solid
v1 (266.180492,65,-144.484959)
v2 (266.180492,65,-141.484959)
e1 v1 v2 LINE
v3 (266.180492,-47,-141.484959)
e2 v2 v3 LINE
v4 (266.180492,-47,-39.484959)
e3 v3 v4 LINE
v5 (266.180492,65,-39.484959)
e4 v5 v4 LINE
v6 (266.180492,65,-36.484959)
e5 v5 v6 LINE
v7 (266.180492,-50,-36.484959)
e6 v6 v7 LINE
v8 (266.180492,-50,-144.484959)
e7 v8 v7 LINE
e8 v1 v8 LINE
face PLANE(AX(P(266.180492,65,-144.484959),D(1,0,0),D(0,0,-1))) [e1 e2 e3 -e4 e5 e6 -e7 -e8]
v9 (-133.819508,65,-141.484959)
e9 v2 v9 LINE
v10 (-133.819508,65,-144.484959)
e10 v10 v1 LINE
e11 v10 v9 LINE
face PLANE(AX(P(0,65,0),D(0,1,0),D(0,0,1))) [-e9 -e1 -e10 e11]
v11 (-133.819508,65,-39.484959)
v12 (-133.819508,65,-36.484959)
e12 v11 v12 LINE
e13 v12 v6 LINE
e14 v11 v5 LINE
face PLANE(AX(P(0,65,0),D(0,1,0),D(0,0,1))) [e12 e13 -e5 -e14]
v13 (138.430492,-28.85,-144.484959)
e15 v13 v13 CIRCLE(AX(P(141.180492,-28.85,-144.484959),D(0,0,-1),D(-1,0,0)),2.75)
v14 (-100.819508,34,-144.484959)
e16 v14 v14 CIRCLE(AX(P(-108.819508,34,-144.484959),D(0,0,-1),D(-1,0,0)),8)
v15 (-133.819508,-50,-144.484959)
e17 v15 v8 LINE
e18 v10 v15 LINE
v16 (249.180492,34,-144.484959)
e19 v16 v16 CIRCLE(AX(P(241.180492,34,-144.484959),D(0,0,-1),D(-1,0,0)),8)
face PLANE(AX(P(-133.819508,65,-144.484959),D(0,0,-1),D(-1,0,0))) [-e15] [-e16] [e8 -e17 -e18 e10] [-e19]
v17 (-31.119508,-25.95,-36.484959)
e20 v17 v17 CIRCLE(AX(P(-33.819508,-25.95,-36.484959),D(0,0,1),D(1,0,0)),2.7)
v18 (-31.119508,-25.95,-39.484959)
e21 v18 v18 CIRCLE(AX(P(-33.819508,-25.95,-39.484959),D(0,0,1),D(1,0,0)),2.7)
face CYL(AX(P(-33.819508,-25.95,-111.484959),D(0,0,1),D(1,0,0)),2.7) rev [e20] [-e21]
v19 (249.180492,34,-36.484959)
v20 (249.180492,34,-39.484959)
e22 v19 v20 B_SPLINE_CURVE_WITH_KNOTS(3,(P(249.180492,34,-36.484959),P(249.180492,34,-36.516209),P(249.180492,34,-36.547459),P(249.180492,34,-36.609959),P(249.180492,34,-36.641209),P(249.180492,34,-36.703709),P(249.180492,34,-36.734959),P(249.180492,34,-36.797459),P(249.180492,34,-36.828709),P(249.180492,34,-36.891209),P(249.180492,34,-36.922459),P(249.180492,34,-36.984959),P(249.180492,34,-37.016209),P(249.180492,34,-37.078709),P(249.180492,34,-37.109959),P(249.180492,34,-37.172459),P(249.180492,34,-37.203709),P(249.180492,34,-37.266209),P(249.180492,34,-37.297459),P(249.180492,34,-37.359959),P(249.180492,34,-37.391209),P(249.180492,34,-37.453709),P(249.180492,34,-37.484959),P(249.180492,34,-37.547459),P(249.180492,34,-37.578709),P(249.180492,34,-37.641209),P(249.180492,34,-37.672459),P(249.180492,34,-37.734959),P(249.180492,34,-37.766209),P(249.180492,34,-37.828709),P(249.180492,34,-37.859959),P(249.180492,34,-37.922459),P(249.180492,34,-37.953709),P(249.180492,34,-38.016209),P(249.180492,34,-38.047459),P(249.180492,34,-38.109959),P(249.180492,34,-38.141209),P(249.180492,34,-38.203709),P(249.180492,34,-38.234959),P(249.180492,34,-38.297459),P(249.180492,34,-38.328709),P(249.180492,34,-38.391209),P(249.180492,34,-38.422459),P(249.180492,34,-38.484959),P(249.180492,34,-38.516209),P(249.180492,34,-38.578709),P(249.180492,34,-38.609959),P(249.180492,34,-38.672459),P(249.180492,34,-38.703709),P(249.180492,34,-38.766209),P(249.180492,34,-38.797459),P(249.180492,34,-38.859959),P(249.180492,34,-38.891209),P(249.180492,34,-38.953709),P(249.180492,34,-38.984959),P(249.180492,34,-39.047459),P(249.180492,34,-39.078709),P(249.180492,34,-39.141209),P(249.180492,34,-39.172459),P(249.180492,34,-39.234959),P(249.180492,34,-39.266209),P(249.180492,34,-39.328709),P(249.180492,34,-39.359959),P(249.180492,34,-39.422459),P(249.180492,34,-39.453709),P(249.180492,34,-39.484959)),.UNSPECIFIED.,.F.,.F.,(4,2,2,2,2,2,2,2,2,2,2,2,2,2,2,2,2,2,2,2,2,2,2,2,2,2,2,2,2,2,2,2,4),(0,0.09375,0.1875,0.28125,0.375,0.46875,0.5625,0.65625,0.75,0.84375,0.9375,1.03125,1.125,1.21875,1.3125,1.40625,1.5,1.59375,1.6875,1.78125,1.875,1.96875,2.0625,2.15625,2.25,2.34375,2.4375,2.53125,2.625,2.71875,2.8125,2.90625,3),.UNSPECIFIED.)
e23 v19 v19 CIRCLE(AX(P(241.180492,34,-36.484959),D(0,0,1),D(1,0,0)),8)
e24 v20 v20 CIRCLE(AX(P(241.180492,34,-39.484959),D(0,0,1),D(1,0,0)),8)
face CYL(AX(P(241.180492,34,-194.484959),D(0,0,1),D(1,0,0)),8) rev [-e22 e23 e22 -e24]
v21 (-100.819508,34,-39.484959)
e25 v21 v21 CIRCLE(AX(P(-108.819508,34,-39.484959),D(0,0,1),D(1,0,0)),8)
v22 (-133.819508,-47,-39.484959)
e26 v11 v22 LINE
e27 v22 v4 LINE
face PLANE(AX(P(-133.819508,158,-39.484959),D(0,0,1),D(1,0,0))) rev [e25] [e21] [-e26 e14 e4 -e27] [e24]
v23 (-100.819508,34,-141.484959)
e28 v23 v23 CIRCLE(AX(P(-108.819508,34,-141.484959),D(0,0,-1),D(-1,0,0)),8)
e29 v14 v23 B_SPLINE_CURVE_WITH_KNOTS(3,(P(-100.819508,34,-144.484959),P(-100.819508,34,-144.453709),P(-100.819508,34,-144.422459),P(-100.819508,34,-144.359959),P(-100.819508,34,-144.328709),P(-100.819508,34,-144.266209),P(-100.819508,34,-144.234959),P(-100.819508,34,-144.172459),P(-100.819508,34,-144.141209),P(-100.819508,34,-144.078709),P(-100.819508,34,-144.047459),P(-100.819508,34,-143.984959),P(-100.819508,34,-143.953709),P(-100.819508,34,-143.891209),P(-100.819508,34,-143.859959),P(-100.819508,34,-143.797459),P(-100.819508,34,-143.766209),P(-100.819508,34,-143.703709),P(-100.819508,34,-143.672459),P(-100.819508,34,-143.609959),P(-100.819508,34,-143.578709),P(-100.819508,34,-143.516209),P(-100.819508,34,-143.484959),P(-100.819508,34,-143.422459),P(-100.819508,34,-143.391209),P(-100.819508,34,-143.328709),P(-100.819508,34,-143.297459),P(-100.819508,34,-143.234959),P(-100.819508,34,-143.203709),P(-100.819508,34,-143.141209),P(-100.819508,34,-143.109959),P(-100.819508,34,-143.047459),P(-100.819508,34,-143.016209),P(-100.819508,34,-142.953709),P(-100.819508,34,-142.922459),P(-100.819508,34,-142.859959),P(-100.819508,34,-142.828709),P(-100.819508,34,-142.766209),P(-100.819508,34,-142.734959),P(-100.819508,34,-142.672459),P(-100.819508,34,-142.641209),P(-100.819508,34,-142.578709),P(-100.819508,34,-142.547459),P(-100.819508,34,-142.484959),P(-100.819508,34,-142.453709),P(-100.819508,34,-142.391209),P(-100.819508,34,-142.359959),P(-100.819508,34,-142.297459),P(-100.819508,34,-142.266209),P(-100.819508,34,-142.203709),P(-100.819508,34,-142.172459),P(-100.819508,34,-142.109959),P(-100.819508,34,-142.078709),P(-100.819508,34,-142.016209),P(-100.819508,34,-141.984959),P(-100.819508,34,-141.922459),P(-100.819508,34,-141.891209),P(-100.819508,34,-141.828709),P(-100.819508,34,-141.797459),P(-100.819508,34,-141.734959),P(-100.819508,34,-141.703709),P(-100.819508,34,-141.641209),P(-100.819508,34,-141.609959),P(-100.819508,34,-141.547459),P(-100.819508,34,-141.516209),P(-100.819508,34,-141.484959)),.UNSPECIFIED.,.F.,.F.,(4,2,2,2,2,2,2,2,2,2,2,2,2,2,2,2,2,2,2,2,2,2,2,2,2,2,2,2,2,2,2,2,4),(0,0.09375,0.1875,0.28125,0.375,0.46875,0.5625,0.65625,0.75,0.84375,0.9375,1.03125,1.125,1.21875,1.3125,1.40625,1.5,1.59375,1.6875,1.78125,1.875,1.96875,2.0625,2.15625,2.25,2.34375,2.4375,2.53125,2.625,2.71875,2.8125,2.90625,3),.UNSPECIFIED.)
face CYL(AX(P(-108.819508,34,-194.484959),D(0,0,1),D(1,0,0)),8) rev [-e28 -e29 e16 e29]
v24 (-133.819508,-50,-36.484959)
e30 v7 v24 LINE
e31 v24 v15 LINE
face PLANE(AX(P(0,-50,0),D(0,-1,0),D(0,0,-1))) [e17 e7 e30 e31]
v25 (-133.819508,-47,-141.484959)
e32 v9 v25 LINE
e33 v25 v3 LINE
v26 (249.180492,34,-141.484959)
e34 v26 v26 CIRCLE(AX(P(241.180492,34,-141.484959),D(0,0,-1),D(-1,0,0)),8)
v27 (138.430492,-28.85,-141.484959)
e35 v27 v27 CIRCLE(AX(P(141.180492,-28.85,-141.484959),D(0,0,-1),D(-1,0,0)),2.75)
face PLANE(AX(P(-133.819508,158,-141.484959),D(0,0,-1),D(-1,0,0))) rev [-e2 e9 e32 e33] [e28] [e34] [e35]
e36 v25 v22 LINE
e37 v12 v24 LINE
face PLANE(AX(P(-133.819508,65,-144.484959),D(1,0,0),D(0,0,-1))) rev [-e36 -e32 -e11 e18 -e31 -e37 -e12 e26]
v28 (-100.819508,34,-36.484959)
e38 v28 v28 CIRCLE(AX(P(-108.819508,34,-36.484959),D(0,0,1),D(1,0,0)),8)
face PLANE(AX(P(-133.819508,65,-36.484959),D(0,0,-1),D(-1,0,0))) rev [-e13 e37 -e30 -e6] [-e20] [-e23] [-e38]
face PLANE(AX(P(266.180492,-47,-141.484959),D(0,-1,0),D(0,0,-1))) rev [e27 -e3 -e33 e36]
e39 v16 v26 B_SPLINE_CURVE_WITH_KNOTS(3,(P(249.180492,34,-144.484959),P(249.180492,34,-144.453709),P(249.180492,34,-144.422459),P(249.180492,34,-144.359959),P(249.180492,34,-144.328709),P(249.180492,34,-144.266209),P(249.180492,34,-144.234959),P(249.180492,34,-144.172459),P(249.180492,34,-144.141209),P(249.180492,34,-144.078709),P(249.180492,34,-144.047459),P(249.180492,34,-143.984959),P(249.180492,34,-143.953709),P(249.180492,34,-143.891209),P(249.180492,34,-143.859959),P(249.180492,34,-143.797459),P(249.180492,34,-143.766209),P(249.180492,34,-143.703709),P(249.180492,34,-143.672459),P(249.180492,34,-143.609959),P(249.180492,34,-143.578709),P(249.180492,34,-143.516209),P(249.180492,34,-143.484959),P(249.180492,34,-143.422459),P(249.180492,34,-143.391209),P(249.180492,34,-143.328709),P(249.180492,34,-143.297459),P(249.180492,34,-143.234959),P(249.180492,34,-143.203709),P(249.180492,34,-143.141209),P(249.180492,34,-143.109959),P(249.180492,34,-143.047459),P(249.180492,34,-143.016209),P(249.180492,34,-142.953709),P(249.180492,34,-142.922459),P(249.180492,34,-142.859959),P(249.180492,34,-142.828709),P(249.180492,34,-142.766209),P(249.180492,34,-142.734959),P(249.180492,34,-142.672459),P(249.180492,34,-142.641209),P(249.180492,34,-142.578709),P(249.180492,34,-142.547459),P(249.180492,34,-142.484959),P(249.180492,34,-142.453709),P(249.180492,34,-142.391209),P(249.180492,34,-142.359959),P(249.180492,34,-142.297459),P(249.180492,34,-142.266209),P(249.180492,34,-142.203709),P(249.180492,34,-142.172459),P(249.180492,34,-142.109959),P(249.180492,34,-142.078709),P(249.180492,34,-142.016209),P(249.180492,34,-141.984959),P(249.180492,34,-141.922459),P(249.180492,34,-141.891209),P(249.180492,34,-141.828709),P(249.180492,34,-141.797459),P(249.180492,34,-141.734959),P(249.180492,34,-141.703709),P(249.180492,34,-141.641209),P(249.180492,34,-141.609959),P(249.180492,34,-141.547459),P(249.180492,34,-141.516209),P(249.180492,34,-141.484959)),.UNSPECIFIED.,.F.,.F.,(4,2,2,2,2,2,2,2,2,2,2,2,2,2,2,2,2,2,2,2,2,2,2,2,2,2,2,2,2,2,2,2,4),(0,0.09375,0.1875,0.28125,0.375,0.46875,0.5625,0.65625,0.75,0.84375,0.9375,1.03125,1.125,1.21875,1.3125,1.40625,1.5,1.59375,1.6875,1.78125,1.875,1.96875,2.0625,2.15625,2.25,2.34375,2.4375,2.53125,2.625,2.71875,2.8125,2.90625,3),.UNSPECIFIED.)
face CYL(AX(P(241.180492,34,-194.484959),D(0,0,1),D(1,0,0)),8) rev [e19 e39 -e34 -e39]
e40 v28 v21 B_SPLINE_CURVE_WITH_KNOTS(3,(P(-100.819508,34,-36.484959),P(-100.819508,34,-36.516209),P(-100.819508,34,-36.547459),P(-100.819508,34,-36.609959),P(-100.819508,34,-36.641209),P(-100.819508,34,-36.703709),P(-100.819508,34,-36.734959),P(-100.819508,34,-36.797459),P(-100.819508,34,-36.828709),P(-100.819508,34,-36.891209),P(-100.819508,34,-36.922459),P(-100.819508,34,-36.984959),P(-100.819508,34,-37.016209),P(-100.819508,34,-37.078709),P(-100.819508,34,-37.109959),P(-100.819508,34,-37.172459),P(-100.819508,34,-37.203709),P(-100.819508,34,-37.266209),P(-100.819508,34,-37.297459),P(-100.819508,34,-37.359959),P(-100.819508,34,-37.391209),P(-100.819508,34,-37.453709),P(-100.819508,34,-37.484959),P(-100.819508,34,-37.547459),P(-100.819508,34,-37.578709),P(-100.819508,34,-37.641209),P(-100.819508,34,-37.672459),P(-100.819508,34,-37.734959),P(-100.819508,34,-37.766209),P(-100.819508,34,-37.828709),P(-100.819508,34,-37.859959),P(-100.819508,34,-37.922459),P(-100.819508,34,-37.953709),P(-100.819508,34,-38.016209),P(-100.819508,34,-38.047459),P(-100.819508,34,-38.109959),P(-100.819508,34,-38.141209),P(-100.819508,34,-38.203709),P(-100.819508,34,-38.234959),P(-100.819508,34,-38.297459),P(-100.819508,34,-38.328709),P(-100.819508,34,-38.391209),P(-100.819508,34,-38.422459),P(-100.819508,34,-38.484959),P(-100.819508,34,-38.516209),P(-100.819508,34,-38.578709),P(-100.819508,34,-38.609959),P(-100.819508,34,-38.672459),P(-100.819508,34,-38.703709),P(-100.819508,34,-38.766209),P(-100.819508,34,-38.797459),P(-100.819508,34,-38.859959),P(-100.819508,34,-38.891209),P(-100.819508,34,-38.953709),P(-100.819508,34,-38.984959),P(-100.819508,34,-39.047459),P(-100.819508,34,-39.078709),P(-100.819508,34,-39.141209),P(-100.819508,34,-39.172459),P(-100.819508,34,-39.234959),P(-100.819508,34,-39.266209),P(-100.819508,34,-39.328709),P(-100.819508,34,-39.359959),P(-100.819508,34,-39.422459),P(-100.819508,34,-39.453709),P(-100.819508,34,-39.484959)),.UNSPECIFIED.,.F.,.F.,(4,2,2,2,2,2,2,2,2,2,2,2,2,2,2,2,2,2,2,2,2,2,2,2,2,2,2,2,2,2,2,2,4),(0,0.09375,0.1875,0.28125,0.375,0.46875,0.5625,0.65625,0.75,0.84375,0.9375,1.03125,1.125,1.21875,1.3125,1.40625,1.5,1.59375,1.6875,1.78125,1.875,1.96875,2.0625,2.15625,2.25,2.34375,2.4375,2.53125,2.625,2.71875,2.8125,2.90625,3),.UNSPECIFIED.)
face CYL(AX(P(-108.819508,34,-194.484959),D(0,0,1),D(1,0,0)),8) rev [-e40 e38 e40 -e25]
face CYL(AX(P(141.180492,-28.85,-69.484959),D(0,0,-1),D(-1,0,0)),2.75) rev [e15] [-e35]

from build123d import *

# Parameters (mm, degrees)
SKETCH1_W           = 400
SKETCH1_H           = 108
BOSS_EXTRUDE1_DEPTH = 65
SKETCH3_W           = 400
SKETCH3_H           = 102
CUT_EXTRUDE1_DEPTH  = 158
SKETCH4_R           = 8
CUT_EXTRUDE2_DEPTH  = 158
SKETCH6_W           = 400
SKETCH6_H           = 3
BOSS_EXTRUDE3_DEPTH = 50
SKETCH7_W           = 400
SKETCH7_H           = 3
BOSS_EXTRUDE4_DEPTH = 102
SKETCH11_R          = 2.7
CUT_EXTRUDE4_DEPTH  = 75
SKETCH10_R          = 2.75
CUT_EXTRUDE3_DEPTH  = 75


with BuildPart() as part:
    # Sketch1 → Boss-Extrude1 (new body)
    with BuildSketch(Plane(origin=(0, 0, 0), x_dir=(1, 0, 0), z_dir=(0, 1, 0))):
        with Locations((66.180492252, 90.484958979)):
            Rectangle(SKETCH1_W, SKETCH1_H)
    extrude(amount=BOSS_EXTRUDE1_DEPTH)

    # Sketch3 → Cut-Extrude1 (cut)
    with BuildSketch(Plane.XZ):
        with Locations((66.180492252, -90.484958979)):
            Rectangle(SKETCH3_W, SKETCH3_H)
    extrude(amount=-CUT_EXTRUDE1_DEPTH, mode=Mode.SUBTRACT)


with BuildPart() as cut_extrude1_piece_1:
    # of the separate pieces the step leaves, piece 1, a body of its own (cut_extrude1_pieces)
    add(part.part.solids().sort_by_distance((-133.819507748, 0, -144.484958979))[0])


with BuildPart() as cut_extrude1_piece_2:
    # of the separate pieces the step leaves, piece 2, a body of its own (cut_extrude1_pieces)
    add(part.part.solids().sort_by_distance((-133.819507748, 0, -36.484958979))[0])


with BuildPart() as cut_extrude2_tool:
    # Sketch4 → Cut-Extrude2 (new body)
    with BuildSketch(Plane.XY.offset(-36.484958979)):
        with Locations((-108.819507748, 34)):
            Circle(SKETCH4_R)
        with Locations((241.180492252, 34)):
            Circle(SKETCH4_R)
    extrude(amount=-CUT_EXTRUDE2_DEPTH)


with BuildPart() as cut_extrude1_piece_1_1:
    add(cut_extrude1_piece_1.part)

    # Cut-Extrude2: cut by cut_extrude2_tool
    add(cut_extrude2_tool.part, mode=Mode.SUBTRACT)



with BuildPart() as cut_extrude1_piece_2_1:
    add(cut_extrude1_piece_2.part)

    # Cut-Extrude2: cut by cut_extrude2_tool
    add(cut_extrude2_tool.part, mode=Mode.SUBTRACT)


with BuildPart() as cut_extrude1_piece_1_2:
    add(cut_extrude1_piece_1_1.part)

    add(cut_extrude1_piece_2_1.part)  # Boss-Extrude3 merges Cut-Extrude1 piece 2
    # Sketch6 → Boss-Extrude3 (add)
    with BuildSketch(Plane.XZ):
        with Locations((66.180492252, -37.984958979)):
            Rectangle(SKETCH6_W, SKETCH6_H)
        with Locations((66.180492252, -142.984958979)):
            Rectangle(SKETCH6_W, SKETCH6_H)
    extrude(amount=BOSS_EXTRUDE3_DEPTH)

    # Sketch7 → Boss-Extrude4 (add)
    with BuildSketch(Plane(origin=(0, 0, -39.484958979), x_dir=(-1, 0, 0), z_dir=(0, 0, -1))):
        with Locations((-66.180492252, -48.5)):
            Rectangle(SKETCH7_W, SKETCH7_H)
    extrude(amount=BOSS_EXTRUDE4_DEPTH)

    # Sketch11 → Cut-Extrude4 (cut)
    with BuildSketch(Plane.XY.offset(-36.484958979)):
        with Locations((-33.819507748, -25.95)):
            Circle(SKETCH11_R)
    extrude(amount=-CUT_EXTRUDE4_DEPTH, mode=Mode.SUBTRACT)

    # Sketch10 → Cut-Extrude3 (cut)
    with BuildSketch(Plane(origin=(0, 0, -144.484958979), x_dir=(-1, 0, 0), z_dir=(0, 0, -1))):
        with Locations((-141.180492252, -28.85)):
            Circle(SKETCH10_R)
    extrude(amount=-CUT_EXTRUDE3_DEPTH, mode=Mode.SUBTRACT)


solid = cut_extrude1_piece_1_2.part
